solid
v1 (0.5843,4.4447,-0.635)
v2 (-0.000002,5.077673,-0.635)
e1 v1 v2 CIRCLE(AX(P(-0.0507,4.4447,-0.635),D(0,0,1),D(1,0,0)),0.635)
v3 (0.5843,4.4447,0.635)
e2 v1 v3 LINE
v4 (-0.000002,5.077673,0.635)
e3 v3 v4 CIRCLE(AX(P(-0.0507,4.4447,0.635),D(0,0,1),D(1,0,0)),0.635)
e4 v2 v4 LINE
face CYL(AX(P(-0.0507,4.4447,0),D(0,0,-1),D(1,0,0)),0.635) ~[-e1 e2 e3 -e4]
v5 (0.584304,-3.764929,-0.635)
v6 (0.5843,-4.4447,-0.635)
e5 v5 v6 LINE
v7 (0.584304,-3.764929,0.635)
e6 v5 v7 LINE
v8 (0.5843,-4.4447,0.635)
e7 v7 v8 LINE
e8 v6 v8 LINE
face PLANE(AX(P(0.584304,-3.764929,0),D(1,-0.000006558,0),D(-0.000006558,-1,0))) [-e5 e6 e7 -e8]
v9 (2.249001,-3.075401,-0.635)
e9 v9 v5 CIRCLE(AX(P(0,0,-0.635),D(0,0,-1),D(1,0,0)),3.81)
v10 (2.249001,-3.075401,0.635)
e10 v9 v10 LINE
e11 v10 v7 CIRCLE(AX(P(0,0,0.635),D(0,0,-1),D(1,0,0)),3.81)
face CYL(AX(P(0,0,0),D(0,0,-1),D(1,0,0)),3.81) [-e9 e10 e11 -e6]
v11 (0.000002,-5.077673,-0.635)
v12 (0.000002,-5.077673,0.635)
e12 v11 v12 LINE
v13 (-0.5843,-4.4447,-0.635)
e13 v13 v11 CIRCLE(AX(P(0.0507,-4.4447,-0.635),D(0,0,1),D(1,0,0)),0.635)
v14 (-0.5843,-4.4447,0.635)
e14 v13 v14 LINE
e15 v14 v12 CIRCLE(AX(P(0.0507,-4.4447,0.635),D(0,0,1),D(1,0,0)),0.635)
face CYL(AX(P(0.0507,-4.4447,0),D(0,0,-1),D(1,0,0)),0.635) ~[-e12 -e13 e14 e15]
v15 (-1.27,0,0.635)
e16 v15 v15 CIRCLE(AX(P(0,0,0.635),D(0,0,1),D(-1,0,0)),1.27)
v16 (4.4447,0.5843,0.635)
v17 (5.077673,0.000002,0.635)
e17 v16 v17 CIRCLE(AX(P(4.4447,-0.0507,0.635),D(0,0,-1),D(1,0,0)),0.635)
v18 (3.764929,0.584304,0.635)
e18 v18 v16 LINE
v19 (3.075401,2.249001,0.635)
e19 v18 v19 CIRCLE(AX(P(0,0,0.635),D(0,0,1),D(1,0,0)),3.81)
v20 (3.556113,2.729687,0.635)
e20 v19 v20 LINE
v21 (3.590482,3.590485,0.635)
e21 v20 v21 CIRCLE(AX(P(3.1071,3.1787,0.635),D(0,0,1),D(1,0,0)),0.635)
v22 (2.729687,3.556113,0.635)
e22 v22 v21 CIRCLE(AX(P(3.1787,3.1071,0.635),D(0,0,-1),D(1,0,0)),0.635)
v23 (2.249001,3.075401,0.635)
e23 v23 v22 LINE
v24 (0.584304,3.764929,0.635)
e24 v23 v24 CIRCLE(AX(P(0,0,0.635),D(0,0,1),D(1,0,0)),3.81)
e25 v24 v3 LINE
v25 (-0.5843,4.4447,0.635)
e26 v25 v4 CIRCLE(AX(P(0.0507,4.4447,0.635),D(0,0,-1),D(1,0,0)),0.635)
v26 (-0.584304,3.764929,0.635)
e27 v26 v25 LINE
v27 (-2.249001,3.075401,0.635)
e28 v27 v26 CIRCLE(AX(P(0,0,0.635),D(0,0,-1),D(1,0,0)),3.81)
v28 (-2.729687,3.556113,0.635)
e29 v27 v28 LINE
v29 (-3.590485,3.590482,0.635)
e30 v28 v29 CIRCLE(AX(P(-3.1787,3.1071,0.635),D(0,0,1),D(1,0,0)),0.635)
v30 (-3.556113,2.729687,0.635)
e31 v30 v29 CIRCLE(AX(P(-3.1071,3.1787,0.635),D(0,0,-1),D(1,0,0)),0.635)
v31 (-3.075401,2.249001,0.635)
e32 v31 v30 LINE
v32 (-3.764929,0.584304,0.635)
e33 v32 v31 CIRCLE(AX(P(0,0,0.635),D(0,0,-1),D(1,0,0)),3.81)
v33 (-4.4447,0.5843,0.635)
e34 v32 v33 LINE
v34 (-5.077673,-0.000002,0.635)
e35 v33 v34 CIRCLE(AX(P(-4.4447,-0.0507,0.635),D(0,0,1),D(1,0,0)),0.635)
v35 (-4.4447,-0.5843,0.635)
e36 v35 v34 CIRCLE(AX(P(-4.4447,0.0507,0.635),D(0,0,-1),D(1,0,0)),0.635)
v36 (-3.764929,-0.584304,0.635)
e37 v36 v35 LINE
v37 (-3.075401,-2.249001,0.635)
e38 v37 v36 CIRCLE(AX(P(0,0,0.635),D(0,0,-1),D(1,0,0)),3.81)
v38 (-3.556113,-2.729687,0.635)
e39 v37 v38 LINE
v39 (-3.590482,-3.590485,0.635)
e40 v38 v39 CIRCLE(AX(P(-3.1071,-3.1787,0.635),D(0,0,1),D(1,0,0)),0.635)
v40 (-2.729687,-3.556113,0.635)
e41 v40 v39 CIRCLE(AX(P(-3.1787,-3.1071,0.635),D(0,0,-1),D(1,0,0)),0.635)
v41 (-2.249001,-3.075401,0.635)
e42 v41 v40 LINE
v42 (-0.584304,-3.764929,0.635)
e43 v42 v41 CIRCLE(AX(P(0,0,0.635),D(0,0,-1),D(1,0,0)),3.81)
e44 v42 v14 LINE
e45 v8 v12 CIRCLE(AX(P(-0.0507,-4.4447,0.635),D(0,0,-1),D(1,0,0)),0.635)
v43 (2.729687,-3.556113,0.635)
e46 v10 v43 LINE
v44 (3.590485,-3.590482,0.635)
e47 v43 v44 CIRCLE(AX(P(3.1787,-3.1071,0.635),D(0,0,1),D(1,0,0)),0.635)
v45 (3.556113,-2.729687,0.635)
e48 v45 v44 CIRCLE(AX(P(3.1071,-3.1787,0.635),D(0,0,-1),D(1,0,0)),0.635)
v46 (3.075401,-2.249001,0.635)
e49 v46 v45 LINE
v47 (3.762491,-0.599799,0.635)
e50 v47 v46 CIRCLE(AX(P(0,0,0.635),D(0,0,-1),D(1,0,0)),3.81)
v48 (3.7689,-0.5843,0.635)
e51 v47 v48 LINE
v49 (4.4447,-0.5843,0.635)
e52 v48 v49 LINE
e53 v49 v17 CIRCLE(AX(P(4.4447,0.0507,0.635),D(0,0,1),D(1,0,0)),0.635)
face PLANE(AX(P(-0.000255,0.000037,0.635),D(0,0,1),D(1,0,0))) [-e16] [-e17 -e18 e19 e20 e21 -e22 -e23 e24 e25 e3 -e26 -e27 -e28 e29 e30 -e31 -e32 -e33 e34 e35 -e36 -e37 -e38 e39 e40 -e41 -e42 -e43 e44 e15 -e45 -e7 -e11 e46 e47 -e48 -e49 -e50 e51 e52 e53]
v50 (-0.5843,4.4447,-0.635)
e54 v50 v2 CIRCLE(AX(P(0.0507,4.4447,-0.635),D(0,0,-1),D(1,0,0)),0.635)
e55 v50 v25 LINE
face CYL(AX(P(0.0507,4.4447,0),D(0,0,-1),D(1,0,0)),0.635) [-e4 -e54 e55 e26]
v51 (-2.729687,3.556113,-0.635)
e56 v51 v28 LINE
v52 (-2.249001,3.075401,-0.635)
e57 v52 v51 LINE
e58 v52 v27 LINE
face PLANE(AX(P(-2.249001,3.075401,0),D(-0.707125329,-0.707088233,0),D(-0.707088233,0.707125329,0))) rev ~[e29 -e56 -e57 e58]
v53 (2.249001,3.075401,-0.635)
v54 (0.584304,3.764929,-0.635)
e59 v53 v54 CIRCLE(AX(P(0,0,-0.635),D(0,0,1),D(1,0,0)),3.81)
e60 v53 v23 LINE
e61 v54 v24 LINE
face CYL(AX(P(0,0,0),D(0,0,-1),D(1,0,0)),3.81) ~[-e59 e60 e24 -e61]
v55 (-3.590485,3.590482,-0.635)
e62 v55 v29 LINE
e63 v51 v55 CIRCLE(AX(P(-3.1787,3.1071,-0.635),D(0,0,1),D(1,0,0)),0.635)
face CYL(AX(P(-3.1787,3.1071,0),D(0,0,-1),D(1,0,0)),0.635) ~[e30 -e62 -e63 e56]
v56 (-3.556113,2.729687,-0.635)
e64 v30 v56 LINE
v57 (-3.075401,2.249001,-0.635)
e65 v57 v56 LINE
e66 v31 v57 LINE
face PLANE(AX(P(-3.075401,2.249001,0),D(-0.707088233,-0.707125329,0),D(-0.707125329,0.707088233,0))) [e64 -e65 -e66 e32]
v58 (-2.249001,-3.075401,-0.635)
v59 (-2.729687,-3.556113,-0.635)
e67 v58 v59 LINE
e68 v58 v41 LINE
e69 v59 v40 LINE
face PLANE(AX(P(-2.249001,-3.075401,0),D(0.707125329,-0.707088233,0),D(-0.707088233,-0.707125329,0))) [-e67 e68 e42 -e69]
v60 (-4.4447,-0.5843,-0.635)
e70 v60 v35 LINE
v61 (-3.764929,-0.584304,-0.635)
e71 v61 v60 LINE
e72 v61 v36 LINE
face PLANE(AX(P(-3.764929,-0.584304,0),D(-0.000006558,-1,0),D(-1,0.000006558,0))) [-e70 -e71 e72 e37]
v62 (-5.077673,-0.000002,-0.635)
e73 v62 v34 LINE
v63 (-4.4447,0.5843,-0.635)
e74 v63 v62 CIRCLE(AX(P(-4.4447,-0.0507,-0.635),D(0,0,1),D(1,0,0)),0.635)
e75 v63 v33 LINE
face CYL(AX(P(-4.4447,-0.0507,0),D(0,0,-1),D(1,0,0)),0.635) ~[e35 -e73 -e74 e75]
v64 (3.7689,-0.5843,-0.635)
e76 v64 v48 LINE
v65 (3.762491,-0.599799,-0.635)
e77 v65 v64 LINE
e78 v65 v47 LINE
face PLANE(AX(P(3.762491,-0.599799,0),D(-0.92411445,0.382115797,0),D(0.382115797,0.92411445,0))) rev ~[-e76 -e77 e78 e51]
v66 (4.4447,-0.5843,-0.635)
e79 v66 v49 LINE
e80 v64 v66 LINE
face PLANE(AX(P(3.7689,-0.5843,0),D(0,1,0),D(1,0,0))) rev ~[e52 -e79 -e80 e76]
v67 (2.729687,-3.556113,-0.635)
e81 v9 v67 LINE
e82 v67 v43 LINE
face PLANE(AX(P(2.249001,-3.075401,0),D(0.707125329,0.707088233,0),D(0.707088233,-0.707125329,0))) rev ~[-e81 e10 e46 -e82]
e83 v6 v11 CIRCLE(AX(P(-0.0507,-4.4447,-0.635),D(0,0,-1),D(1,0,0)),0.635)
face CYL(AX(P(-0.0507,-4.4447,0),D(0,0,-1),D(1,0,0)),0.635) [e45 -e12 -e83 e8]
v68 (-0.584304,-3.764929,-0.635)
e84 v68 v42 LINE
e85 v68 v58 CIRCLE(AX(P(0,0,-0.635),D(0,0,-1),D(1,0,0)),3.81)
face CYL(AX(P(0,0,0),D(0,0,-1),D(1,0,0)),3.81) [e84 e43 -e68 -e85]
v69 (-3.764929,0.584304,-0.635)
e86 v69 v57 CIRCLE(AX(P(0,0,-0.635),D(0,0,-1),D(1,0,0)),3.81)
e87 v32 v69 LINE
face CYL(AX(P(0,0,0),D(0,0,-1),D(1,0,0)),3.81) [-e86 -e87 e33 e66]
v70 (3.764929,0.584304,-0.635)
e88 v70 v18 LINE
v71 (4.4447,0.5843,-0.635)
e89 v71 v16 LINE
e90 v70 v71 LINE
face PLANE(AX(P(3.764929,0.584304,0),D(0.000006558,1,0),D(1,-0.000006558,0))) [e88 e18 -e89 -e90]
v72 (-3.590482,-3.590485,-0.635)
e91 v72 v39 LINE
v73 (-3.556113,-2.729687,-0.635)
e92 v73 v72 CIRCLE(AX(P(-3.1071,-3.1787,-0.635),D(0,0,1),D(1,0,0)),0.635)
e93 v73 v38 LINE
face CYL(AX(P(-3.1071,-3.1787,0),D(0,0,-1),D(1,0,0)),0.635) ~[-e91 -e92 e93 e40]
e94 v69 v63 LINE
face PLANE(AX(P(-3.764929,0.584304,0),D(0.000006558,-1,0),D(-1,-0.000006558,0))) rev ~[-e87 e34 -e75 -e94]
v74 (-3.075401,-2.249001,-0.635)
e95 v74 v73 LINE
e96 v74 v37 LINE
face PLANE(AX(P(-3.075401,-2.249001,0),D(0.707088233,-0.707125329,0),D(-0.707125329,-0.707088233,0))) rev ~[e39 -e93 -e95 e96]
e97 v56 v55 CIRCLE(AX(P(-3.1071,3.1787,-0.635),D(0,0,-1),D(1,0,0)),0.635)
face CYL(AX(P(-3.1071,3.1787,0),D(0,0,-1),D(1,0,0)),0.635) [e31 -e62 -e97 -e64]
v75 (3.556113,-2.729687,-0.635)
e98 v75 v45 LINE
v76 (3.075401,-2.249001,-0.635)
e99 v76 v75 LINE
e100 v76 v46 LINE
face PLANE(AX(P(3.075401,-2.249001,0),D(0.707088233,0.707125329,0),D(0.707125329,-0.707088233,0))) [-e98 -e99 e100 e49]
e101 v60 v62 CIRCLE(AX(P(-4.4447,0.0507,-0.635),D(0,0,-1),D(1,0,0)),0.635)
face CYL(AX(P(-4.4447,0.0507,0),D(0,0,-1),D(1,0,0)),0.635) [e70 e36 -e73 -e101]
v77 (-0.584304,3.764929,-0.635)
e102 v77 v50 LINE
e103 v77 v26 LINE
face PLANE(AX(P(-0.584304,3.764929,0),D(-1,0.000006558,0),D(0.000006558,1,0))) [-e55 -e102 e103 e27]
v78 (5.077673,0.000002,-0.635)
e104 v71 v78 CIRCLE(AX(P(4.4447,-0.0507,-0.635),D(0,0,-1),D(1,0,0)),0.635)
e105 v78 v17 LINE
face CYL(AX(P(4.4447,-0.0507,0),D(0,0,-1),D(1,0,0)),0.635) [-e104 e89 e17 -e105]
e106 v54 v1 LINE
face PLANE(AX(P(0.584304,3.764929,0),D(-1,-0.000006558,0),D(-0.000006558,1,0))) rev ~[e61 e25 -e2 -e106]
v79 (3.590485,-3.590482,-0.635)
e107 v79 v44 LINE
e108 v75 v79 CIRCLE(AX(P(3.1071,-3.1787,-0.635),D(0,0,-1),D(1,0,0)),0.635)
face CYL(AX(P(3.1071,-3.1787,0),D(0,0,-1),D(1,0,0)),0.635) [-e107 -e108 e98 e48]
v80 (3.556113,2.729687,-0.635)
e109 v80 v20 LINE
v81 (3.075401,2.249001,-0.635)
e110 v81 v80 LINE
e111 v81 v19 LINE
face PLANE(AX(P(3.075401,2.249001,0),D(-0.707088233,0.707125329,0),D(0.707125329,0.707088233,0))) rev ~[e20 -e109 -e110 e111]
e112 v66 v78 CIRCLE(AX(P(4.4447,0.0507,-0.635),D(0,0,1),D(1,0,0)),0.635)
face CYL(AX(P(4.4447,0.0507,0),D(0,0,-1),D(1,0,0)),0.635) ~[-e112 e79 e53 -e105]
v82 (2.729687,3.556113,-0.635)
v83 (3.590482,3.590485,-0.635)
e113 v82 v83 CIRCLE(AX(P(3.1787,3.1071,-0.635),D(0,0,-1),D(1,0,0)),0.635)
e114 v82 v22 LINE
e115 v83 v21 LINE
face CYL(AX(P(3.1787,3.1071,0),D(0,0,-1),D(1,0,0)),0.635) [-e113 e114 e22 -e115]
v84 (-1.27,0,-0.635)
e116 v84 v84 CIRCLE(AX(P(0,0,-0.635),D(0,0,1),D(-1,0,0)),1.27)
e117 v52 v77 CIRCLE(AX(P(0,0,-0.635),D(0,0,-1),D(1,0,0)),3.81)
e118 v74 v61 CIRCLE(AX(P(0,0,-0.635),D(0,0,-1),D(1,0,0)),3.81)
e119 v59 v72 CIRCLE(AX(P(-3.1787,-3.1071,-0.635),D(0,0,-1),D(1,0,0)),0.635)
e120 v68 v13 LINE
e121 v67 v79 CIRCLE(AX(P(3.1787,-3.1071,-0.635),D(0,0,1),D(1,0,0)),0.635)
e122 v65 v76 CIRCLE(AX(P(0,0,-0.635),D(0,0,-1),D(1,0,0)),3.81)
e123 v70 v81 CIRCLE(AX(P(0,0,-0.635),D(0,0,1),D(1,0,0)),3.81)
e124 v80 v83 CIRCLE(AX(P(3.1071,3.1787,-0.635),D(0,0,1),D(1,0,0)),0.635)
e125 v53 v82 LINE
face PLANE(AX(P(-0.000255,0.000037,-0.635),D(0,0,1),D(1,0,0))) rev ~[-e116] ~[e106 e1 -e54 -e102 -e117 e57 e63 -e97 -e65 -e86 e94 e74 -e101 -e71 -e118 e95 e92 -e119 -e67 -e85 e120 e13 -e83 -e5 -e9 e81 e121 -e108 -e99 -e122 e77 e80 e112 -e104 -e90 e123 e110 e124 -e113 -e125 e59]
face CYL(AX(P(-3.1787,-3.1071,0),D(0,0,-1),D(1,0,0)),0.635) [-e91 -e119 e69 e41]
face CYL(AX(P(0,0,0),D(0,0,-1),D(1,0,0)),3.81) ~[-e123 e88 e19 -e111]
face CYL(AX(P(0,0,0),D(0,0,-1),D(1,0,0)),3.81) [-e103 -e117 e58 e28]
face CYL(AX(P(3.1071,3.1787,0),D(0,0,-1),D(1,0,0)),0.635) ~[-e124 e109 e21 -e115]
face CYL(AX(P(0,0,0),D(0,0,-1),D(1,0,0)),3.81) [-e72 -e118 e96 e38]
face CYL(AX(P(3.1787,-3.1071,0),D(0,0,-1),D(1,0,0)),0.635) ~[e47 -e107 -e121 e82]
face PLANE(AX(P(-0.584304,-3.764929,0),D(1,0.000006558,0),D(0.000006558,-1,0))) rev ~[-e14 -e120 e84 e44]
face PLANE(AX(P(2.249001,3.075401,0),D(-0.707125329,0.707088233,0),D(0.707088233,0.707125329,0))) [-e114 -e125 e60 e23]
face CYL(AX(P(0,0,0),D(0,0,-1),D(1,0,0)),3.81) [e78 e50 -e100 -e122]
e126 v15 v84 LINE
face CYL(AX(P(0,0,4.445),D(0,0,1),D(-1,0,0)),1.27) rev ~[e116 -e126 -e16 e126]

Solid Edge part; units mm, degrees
sketch "Sketch1" plane through (0, 0, 0) normal (0, 0, 1) x (1, 0, 0)
  line L0 (-3.7649, 0.5843) -> (-4.4447, 0.5843)
  arc A0 (-4.4447, 0.5843) -> (-5.0777, 0) centre (-4.4447, -0.0507) ccw
  arc A1 (-4.4447, -0.5843) -> (-5.0777, 0) centre (-4.4447, 0.0507) cw
  line L1 (-3.7649, -0.5843) -> (-4.4447, -0.5843)
  arc A2 (-3.0754, -2.249) -> (-3.7649, -0.5843) centre (0, 0) cw
  line L2 (-3.0754, -2.249) -> (-3.5561, -2.7297)
  arc A3 (-3.5561, -2.7297) -> (-3.5905, -3.5905) centre (-3.1071, -3.1787) ccw
  arc A4 (-2.7297, -3.5561) -> (-3.5905, -3.5905) centre (-3.1787, -3.1071) cw
  line L3 (-2.249, -3.0754) -> (-2.7297, -3.5561)
  arc A5 (-0.5843, -3.7649) -> (-2.249, -3.0754) centre (0, 0) cw
  line L4 (-0.5843, -3.7649) -> (-0.5843, -4.4447)
  arc A6 (-0.5843, -4.4447) -> (0, -5.0777) centre (0.0507, -4.4447) ccw
  arc A7 (0.5843, -4.4447) -> (0, -5.0777) centre (-0.0507, -4.4447) cw
  line L5 (0.5843, -3.7649) -> (0.5843, -4.4447)
  arc A8 (2.249, -3.0754) -> (0.5843, -3.7649) centre (0, 0) cw
  line L6 (2.249, -3.0754) -> (2.7297, -3.5561)
  arc A9 (2.7297, -3.5561) -> (3.5905, -3.5905) centre (3.1787, -3.1071) ccw
  arc A10 (3.5561, -2.7297) -> (3.5905, -3.5905) centre (3.1071, -3.1787) cw
  line L7 (3.0754, -2.249) -> (3.5561, -2.7297)
  arc A11 (3.7625, -0.5998) -> (3.0754, -2.249) centre (0, 0) cw
  line L8 (3.7625, -0.5998) -> (3.7689, -0.5843)
  line L9 (3.7689, -0.5843) -> (4.4447, -0.5843)
  arc A12 (4.4447, -0.5843) -> (5.0777, 0) centre (4.4447, 0.0507) ccw
  arc A13 (4.4447, 0.5843) -> (5.0777, 0) centre (4.4447, -0.0507) cw
  line L10 (3.7649, 0.5843) -> (4.4447, 0.5843)
  arc A14 (3.7649, 0.5843) -> (3.0754, 2.249) centre (0, 0) ccw
  line L11 (3.0754, 2.249) -> (3.5561, 2.7297)
  arc A15 (3.5561, 2.7297) -> (3.5905, 3.5905) centre (3.1071, 3.1787) ccw
  arc A16 (2.7297, 3.5561) -> (3.5905, 3.5905) centre (3.1787, 3.1071) cw
  line L12 (2.249, 3.0754) -> (2.7297, 3.5561)
  arc A17 (2.249, 3.0754) -> (0.5843, 3.7649) centre (0, 0) ccw
  line L13 (0.5843, 3.7649) -> (0.5843, 4.4447)
  arc A18 (0.5843, 4.4447) -> (0, 5.0777) centre (-0.0507, 4.4447) ccw
  arc A19 (-0.5843, 4.4447) -> (0, 5.0777) centre (0.0507, 4.4447) cw
  line L14 (-0.5843, 3.7649) -> (-0.5843, 4.4447)
  arc A20 (-2.249, 3.0754) -> (-0.5843, 3.7649) centre (0, 0) cw
  line L15 (-2.249, 3.0754) -> (-2.7297, 3.5561)
  arc A21 (-2.7297, 3.5561) -> (-3.5905, 3.5905) centre (-3.1787, 3.1071) ccw
  arc A22 (-3.5561, 2.7297) -> (-3.5905, 3.5905) centre (-3.1071, 3.1787) cw
  line L16 (-3.0754, 2.249) -> (-3.5561, 2.7297)
  arc A23 (-3.7649, 0.5843) -> (-3.0754, 2.249) centre (0, 0) cw
  dimension "D1" = 3.81
  dimension "D2" = 0.0168
extrude "Protrusion1" add sketch "Sketch1" along normal mid plane 1.27
sketch "Sketch2" plane through (0, 0, 4.445) normal (0, 0, 1) x (-1, 0, 0)
  circle A0 centre (0, 0) radius 1.27
extrude "ExtrudedCutout_2" cut sketch "Sketch2" along normal mid plane 28.6254
